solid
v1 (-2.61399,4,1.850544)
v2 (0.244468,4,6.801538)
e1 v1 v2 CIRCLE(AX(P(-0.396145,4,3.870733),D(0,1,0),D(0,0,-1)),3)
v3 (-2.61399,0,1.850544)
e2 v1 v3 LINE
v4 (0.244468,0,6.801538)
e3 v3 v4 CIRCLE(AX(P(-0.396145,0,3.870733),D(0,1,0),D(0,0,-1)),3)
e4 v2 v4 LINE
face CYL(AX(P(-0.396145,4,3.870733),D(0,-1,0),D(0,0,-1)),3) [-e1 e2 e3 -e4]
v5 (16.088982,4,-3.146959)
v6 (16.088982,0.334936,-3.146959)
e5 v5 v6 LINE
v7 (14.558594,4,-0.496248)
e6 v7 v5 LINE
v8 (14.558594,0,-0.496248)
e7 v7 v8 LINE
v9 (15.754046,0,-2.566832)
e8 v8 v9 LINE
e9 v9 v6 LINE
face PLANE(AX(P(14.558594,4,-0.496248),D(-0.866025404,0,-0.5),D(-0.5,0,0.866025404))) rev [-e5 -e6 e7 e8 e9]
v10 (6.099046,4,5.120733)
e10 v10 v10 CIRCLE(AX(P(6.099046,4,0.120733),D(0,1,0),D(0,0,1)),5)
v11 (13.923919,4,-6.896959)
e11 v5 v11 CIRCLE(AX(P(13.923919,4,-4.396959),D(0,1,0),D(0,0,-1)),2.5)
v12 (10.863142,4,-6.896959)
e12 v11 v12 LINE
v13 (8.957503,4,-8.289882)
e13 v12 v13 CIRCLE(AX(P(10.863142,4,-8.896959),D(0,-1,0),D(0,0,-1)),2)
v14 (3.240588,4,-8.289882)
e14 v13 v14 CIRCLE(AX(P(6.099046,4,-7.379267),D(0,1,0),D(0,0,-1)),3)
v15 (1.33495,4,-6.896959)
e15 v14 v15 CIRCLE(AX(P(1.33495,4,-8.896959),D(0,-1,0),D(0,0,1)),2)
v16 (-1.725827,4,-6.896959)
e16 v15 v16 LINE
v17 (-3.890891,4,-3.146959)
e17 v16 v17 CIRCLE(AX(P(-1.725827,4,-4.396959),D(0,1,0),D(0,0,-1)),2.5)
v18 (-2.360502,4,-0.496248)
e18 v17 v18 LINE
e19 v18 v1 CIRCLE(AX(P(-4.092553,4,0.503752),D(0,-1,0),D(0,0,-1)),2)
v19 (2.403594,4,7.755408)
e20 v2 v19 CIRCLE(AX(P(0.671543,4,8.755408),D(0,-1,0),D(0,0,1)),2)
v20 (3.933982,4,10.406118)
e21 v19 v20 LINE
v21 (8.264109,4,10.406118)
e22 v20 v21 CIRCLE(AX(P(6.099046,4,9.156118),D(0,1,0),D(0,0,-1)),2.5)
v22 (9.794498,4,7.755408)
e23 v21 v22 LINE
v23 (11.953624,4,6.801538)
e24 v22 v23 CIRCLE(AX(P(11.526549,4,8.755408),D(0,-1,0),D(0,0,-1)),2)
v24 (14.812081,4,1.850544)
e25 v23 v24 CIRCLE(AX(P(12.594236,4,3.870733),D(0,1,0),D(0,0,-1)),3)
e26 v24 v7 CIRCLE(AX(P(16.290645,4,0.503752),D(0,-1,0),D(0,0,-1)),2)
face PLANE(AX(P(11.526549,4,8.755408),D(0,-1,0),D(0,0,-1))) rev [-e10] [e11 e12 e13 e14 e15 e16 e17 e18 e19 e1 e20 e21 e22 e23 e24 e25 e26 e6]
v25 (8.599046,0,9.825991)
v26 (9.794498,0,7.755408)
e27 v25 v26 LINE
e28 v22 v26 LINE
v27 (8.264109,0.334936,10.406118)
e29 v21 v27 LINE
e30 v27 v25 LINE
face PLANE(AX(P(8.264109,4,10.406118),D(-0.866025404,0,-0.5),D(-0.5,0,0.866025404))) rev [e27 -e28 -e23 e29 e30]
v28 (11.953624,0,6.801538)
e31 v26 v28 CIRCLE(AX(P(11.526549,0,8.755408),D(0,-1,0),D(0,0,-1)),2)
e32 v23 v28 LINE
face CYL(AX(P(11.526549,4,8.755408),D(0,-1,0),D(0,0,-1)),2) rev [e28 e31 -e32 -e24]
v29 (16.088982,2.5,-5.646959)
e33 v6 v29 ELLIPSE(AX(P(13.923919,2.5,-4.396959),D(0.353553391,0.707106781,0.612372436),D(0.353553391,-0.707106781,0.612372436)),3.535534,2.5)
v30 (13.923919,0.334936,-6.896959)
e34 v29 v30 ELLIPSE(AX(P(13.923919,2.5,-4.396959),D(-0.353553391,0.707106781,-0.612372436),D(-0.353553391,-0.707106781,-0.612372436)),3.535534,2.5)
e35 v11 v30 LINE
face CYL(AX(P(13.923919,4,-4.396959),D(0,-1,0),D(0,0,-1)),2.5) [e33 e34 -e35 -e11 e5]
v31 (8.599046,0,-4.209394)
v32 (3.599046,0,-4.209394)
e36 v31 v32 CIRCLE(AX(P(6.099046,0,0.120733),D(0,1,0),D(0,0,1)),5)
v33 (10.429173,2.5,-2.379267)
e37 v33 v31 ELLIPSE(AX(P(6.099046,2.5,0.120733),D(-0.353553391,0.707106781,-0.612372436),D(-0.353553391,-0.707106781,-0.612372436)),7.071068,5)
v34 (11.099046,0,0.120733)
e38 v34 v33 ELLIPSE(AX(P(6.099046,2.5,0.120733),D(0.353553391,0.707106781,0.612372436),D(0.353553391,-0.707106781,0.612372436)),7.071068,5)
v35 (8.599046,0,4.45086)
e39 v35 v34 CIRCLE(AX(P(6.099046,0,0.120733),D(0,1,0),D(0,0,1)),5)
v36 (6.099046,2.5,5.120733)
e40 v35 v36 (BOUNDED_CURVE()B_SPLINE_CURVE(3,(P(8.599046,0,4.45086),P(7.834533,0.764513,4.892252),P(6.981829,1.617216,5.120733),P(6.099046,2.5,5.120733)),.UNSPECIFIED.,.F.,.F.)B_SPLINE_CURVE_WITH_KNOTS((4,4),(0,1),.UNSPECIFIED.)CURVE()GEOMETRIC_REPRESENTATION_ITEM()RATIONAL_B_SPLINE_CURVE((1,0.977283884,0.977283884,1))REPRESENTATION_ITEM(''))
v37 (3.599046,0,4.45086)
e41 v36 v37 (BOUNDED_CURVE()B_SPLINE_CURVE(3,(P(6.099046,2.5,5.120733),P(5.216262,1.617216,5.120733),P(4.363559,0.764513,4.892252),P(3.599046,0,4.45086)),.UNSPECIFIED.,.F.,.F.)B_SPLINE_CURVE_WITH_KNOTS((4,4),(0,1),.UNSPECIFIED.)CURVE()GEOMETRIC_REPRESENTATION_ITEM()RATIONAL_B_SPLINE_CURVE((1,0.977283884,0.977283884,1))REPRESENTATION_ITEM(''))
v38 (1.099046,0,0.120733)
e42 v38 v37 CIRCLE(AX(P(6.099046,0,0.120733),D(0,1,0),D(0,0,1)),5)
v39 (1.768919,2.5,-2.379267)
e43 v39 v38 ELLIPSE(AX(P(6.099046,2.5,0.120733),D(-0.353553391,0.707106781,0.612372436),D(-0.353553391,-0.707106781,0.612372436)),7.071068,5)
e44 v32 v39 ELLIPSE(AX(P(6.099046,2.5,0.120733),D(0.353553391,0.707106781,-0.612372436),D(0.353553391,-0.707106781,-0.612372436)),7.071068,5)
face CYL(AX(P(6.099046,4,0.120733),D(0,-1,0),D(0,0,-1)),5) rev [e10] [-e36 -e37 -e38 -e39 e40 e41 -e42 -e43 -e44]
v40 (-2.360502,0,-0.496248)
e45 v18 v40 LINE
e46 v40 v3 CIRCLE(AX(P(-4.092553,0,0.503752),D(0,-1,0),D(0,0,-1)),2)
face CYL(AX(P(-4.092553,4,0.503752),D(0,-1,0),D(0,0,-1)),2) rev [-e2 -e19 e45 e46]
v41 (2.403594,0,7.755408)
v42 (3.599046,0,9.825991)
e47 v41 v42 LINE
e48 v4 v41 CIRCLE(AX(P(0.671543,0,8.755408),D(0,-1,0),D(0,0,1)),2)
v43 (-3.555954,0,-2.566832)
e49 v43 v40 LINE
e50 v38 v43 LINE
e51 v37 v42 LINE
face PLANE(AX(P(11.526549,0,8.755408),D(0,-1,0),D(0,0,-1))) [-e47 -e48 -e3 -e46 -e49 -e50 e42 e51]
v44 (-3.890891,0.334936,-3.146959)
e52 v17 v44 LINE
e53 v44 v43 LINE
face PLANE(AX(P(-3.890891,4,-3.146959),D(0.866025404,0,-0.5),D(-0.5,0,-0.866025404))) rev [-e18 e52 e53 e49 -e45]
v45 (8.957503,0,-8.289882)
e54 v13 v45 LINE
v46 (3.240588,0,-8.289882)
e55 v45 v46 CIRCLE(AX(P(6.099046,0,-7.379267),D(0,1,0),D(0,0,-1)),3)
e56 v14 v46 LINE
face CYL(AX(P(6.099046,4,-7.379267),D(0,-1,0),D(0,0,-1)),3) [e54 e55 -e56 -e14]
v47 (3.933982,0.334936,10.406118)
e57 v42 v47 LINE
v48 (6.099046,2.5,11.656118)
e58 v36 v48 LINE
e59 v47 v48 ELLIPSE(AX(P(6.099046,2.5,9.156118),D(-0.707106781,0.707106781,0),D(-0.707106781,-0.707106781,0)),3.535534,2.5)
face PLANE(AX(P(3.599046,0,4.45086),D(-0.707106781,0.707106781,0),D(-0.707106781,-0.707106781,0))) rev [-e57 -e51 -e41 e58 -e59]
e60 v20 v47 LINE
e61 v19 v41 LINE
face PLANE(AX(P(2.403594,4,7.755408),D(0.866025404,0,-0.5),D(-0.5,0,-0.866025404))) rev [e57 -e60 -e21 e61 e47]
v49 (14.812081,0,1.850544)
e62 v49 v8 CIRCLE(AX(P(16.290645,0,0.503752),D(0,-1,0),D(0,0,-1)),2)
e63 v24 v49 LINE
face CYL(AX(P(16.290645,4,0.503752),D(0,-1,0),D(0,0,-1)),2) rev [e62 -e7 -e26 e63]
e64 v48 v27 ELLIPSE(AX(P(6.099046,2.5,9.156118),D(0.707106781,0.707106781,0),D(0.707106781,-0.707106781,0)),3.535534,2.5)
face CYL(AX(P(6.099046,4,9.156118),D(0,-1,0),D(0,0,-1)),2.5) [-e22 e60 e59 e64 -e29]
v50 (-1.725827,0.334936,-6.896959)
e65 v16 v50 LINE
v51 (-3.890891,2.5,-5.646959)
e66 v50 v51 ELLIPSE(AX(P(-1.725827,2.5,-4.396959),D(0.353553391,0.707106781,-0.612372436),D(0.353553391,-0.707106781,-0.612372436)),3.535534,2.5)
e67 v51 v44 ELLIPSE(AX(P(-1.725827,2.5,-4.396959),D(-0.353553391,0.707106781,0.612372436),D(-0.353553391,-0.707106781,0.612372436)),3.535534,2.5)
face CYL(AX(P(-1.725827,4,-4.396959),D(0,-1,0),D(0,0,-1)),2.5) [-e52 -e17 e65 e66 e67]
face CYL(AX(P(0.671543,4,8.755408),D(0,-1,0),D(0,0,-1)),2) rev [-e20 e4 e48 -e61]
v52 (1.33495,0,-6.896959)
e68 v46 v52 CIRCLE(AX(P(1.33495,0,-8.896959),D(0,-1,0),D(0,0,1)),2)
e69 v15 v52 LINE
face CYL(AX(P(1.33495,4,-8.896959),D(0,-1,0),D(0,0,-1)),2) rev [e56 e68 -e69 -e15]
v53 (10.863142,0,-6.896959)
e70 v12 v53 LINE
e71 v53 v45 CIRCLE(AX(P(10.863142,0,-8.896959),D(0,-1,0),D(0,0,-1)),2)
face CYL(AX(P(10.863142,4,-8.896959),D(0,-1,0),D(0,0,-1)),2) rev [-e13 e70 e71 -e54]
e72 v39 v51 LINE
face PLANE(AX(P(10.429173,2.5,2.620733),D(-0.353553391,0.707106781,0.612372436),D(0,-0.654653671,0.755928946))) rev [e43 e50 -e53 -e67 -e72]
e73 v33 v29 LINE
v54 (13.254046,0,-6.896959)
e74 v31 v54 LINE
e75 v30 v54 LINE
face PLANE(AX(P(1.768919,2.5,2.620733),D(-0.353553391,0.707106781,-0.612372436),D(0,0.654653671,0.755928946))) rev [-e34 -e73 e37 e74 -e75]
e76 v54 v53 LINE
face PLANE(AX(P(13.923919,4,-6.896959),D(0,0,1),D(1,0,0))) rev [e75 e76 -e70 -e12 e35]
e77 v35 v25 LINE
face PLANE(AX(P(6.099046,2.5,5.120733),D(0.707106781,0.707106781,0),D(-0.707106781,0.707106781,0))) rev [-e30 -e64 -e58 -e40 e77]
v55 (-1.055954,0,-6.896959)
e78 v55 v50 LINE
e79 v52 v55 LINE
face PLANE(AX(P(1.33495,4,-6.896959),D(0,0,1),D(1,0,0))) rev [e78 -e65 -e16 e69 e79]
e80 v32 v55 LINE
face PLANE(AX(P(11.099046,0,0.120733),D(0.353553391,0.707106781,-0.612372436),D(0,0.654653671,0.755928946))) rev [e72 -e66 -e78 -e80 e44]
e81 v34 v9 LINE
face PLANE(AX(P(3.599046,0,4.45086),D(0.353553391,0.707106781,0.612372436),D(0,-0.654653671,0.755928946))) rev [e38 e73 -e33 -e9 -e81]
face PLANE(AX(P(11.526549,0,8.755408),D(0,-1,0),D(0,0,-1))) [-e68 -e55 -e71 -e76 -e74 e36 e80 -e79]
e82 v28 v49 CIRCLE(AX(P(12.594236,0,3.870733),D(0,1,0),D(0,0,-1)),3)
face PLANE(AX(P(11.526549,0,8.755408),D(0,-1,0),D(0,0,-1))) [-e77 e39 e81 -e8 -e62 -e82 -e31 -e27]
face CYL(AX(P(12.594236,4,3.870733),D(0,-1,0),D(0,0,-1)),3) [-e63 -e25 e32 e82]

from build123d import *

# Parameters (mm, degrees)
SKETCH1_R      = 5
EXTRUDE1_DEPTH = 4
EXTRUDE4_START = 4.45086
EXTRUDE4_DEPTH = 7.205259
EXTRUDE5_START = 4.330127
EXTRUDE5_DEPTH = 7.205258
EXTRUDE6_START = 4.330127
EXTRUDE6_DEPTH = 7.205258


with BuildPart() as part:
    # Sketch1 → Extrude1 (new body)
    with BuildSketch(Plane(origin=(0, 0, 0), x_dir=(1, 0, 0), z_dir=(0, 1, 0))):
        with BuildLine():
            Line((-3.89089061, 3.146959138), (-2.360502052, 0.4962484))
            ThreePointArc((-2.360502052, 0.4962484), (-2.104118872, -0.718531203), (-2.613989574, -1.850544314))
            ThreePointArc((-2.613989574, -1.850544314), (-2.994220859, -5.370733384), (0.244467944, -6.801537968))
            ThreePointArc((0.244467944, -6.801537968), (1.479755407, -6.925983542), (2.403593813, -7.75540769))
            Line((2.403593813, -7.75540769), (3.933982371, -10.406118428))
            ThreePointArc((3.933982371, -10.406118428), (6.099045881, -11.656118428), (8.26410939, -10.406118428))
            Line((8.26410939, -10.406118428), (9.794497948, -7.75540769))
            ThreePointArc((9.794497948, -7.75540769), (10.718336354, -6.925983542), (11.953623817, -6.801537968))
            ThreePointArc((11.953623817, -6.801537968), (15.192312621, -5.370733384), (14.812081336, -1.850544314))
            ThreePointArc((14.812081336, -1.850544314), (14.302210633, -0.718531203), (14.558593813, 0.4962484))
            Line((14.558593813, 0.4962484), (16.088982371, 3.146959138))
            ThreePointArc((16.088982371, 3.146959138), (16.088982371, 5.646959138), (13.923918862, 6.896959138))
            Line((13.923918862, 6.896959138), (10.863141746, 6.896959138))
            ThreePointArc((10.863141746, 6.896959138), (9.68292016, 7.282314592), (8.9575034, 8.289882129))
            ThreePointArc((8.9575034, 8.289882129), (6.099045881, 10.379266616), (3.240588362, 8.289882129))
            ThreePointArc((3.240588362, 8.289882129), (2.515171602, 7.282314592), (1.334950016, 6.896959138))
            Line((1.334950016, 6.896959138), (-1.7258271, 6.896959138))
            ThreePointArc((-1.7258271, 6.896959138), (-3.89089061, 5.646959138), (-3.89089061, 3.146959138))
        make_face()
        with Locations((6.099045881, -0.120733384)):
            Circle(SKETCH1_R, mode=Mode.SUBTRACT)
    extrude(amount=EXTRUDE1_DEPTH)

    # GrooveSketch → Extrude4 (cut)
    with BuildSketch(Plane.XY.offset(EXTRUDE4_START)):
        Polygon((34.668922444, -26.069876563), (8.599045881, 0), (6.099045881, 2.5), (3.599045881, 0), (-22.470830682, -26.069876563), (-22.470830682, -99.806622573), (34.668922444, -99.806622573), align=None)
    extrude(amount=EXTRUDE4_DEPTH, mode=Mode.SUBTRACT)

    # Sketch9 → Extrude5 (cut)
    with BuildSketch(Plane(origin=(4.6265635, 0, 2.671147682), x_dir=(-0.5, 0, 0.866025404), z_dir=(-0.866025404, 0, -0.5)).offset(EXTRUDE5_START)):
        Polygon((32.223222882, -32.668187644), (-0.444964763, 0), (-2.944964763, 2.5), (-5.444964763, 0), (-38.113152407, -32.668187644), (-38.113152407, -125.067775694), (32.223222882, -125.067775694), align=None)
    extrude(amount=EXTRUDE5_DEPTH, mode=Mode.SUBTRACT)

    # Sketch10 → Extrude6 (cut)
    with BuildSketch(Plane(origin=(4.522005322, 0, -2.61078099), x_dir=(-0.5, 0, -0.866025404), z_dir=(0.866025404, 0, -0.5)).offset(EXTRUDE6_START)):
        Polygon((32.014106526, -32.668187644), (-0.654081118, 0), (-3.154081118, 2.5), (-5.654081118, 0), (-38.322268763, -32.668187644), (-38.322268763, -125.067775694), (32.014106526, -125.067775694), align=None)
    extrude(amount=EXTRUDE6_DEPTH, mode=Mode.SUBTRACT)


solid = part.part
